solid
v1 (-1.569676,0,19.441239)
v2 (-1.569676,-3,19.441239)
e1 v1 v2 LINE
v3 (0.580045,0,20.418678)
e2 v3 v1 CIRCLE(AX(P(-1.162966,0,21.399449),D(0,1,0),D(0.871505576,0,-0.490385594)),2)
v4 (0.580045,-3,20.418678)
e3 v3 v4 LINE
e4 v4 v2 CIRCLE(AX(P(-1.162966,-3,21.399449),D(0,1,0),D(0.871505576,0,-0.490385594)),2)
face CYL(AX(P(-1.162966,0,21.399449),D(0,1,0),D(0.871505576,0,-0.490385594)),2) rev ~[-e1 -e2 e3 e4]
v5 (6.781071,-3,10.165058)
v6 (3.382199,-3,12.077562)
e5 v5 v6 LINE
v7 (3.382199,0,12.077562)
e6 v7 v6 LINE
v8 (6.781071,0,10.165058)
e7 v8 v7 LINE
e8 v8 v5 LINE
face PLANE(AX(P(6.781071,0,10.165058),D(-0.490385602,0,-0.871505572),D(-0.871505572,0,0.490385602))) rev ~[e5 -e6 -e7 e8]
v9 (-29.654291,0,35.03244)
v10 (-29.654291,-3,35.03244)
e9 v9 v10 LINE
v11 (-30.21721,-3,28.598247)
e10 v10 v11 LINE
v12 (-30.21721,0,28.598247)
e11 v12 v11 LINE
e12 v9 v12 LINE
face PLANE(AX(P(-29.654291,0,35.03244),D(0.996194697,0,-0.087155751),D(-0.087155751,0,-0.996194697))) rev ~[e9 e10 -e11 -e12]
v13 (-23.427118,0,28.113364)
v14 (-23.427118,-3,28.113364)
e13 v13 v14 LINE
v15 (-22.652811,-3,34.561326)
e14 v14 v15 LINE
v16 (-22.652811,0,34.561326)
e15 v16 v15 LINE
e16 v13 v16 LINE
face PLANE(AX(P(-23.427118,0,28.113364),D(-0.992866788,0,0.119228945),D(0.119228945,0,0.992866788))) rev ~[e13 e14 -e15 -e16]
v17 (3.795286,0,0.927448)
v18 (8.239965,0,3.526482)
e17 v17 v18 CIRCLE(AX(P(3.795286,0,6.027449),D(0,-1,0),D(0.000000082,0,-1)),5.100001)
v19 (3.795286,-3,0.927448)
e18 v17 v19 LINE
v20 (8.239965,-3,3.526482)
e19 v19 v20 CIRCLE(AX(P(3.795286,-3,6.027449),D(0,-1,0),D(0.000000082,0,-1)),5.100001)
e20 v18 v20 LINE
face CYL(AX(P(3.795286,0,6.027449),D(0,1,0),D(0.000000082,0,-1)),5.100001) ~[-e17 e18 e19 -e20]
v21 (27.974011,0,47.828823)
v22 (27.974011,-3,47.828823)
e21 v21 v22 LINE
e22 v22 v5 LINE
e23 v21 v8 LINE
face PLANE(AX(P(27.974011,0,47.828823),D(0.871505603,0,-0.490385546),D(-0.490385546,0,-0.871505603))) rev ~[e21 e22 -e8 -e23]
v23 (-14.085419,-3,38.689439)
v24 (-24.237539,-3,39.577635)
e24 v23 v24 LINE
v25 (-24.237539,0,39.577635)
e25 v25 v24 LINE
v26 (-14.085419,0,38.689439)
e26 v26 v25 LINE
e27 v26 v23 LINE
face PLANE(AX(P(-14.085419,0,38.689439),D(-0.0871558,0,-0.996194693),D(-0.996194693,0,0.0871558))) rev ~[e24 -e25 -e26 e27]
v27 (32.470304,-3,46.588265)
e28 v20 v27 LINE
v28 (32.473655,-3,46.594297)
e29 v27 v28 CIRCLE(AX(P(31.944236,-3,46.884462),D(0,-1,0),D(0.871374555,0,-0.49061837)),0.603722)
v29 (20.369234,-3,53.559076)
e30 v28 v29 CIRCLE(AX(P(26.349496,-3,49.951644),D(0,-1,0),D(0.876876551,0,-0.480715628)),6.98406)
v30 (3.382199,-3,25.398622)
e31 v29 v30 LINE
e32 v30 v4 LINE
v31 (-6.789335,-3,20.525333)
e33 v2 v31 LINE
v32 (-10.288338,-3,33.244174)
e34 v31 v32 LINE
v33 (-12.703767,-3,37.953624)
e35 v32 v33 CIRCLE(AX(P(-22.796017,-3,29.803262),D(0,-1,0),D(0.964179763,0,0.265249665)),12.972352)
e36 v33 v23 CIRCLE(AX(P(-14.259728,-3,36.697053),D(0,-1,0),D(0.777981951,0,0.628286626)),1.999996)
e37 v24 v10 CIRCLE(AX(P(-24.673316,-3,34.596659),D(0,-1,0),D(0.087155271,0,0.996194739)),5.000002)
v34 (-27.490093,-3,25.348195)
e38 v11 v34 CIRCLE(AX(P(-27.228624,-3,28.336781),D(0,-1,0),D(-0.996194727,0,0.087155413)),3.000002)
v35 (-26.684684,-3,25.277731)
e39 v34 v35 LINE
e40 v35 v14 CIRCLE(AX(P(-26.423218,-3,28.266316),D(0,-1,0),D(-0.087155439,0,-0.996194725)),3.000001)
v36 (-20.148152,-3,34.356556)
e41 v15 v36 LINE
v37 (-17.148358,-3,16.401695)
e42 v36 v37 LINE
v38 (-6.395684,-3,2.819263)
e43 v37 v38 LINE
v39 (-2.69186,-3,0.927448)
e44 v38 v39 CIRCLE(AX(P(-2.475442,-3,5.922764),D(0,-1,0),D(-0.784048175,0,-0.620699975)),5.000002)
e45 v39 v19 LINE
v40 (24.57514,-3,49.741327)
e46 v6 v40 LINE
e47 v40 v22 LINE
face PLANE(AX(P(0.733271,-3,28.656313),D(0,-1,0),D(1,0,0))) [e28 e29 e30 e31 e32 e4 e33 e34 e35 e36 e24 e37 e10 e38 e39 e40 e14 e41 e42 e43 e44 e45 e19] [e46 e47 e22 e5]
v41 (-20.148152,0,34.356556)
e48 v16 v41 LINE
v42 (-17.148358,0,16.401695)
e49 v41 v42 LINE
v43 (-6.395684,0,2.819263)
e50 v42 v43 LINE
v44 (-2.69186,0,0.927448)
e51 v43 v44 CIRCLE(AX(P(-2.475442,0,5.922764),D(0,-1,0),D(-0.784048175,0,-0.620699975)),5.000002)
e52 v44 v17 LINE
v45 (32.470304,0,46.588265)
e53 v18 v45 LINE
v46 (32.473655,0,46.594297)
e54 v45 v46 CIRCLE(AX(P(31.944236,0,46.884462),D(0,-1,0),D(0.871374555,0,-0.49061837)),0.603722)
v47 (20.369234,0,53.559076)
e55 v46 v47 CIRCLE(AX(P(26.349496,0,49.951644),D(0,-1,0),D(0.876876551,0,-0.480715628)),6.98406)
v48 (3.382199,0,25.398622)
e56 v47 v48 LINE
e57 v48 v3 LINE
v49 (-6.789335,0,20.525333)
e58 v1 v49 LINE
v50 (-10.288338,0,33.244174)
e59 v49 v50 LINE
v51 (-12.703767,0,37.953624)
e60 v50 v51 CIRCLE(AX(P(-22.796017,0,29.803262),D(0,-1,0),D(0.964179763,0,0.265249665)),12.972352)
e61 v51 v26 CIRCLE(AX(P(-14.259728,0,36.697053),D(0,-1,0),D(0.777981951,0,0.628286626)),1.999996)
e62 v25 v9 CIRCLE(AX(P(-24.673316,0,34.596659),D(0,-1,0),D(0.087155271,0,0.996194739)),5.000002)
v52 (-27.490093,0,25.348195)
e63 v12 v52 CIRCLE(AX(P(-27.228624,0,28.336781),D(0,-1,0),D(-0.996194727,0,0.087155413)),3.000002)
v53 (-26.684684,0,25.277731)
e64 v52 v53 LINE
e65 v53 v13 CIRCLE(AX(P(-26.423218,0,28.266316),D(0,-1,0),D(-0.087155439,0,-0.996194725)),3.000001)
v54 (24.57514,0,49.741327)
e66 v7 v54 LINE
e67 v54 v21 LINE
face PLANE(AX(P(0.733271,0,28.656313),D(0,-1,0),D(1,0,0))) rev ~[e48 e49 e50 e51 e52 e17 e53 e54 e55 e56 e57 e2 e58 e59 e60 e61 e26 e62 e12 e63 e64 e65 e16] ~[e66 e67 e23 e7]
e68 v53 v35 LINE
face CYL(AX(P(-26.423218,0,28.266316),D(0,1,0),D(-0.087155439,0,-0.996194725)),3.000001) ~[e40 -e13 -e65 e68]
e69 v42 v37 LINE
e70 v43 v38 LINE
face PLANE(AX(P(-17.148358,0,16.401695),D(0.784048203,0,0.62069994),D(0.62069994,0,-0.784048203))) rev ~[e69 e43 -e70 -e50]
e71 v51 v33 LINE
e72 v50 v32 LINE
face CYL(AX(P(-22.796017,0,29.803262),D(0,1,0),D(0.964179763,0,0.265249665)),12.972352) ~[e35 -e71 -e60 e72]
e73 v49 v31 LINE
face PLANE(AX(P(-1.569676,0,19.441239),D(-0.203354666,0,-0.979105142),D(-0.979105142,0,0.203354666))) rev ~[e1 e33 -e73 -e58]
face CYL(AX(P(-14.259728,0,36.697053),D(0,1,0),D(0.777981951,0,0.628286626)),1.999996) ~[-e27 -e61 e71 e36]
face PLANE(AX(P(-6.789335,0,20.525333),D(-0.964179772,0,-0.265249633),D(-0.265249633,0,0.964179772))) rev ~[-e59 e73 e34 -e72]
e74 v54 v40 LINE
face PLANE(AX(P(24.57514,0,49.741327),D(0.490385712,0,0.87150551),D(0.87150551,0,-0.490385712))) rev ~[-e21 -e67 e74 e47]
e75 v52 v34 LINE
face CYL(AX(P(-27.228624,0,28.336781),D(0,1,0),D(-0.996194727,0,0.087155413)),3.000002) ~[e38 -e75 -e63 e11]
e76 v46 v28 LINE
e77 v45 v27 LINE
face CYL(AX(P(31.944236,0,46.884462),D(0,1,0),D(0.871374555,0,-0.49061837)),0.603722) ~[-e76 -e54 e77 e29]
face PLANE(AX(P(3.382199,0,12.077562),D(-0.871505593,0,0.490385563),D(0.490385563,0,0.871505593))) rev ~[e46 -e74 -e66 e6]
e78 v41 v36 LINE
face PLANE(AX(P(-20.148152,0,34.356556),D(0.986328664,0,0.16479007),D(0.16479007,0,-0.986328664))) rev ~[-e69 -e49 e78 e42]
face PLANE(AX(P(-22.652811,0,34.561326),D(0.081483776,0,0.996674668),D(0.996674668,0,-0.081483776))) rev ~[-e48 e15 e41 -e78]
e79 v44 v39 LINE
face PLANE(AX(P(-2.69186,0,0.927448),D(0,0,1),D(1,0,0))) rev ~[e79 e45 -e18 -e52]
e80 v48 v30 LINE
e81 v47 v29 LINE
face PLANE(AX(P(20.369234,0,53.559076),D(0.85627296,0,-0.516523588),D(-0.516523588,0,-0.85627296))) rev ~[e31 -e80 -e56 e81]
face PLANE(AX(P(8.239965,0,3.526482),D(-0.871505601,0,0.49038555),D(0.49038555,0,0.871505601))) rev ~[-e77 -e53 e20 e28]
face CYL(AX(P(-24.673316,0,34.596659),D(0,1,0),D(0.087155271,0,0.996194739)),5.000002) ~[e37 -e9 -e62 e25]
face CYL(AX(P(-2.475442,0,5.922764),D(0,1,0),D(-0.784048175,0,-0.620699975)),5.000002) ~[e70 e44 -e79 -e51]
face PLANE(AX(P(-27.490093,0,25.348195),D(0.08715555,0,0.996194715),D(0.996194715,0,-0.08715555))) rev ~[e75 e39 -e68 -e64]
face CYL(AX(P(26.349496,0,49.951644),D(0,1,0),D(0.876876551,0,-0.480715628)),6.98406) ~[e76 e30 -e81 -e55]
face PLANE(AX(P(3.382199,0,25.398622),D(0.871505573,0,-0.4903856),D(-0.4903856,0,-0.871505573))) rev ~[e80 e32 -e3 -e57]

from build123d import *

# Parameters (mm, degrees)
F1_DEPTH = 3


with BuildPart() as f1:
    # F0 (on Front) → F1 (new body)
    with BuildSketch(Plane.XZ):
        with BuildLine():
            ThreePointArc((-30.21721, 28.598247), (-29.526759, 26.408417), (-27.490093, 25.348195))
            Line((-27.490093, 25.348195), (-26.684684, 25.277731))
            ThreePointArc((-26.684684, 25.277731), (-24.453507, 26.00352), (-23.427118, 28.113364))
            Line((-23.427118, 28.113364), (-22.652811, 34.561326))
            Line((-22.652811, 34.561326), (-20.148152, 34.356556))
            Line((-20.148152, 34.356556), (-17.148358, 16.401695))
            Line((-17.148358, 16.401695), (-6.395684, 2.819263))
            ThreePointArc((-6.395684, 2.819263), (-4.749806, 1.46998), (-2.69186, 0.927448))
            Line((-2.69186, 0.927448), (3.795286, 0.927448))
            ThreePointArc((3.795286, 0.927448), (6.369686, 1.624896), (8.239965, 3.526482))
            Line((8.239965, 3.526482), (32.470304, 46.588265))
            ThreePointArc((32.470304, 46.588265), (32.471988, 46.591276), (32.473655, 46.594297))
            ThreePointArc((32.473655, 46.594297), (29.832629, 56.005146), (20.369234, 53.559076))
            Line((20.369234, 53.559076), (3.382199, 25.398622))
            Line((3.382199, 25.398622), (0.580045, 20.418678))
            ThreePointArc((0.580045, 20.418678), (-0.335154, 19.57881), (-1.569676, 19.441239))
            Line((-1.569676, 19.441239), (-6.789335, 20.525333))
            Line((-6.789335, 20.525333), (-10.288338, 33.244174))
            ThreePointArc((-10.288338, 33.244174), (-11.253317, 35.723396), (-12.703767, 37.953624))
            ThreePointArc((-12.703767, 37.953624), (-13.319614, 38.462321), (-14.085419, 38.689439))
            Line((-14.085419, 38.689439), (-24.237539, 39.577635))
            ThreePointArc((-24.237539, 39.577635), (-27.887255, 38.426883), (-29.654291, 35.03244))
            Line((-29.654291, 35.03244), (-30.21721, 28.598247))
        make_face()
        Polygon((27.974011, 47.828823), (6.781071, 10.165058), (3.382199, 12.077562), (24.57514, 49.741327), align=None, mode=Mode.SUBTRACT)
    extrude(amount=F1_DEPTH)


solid = f1.part
